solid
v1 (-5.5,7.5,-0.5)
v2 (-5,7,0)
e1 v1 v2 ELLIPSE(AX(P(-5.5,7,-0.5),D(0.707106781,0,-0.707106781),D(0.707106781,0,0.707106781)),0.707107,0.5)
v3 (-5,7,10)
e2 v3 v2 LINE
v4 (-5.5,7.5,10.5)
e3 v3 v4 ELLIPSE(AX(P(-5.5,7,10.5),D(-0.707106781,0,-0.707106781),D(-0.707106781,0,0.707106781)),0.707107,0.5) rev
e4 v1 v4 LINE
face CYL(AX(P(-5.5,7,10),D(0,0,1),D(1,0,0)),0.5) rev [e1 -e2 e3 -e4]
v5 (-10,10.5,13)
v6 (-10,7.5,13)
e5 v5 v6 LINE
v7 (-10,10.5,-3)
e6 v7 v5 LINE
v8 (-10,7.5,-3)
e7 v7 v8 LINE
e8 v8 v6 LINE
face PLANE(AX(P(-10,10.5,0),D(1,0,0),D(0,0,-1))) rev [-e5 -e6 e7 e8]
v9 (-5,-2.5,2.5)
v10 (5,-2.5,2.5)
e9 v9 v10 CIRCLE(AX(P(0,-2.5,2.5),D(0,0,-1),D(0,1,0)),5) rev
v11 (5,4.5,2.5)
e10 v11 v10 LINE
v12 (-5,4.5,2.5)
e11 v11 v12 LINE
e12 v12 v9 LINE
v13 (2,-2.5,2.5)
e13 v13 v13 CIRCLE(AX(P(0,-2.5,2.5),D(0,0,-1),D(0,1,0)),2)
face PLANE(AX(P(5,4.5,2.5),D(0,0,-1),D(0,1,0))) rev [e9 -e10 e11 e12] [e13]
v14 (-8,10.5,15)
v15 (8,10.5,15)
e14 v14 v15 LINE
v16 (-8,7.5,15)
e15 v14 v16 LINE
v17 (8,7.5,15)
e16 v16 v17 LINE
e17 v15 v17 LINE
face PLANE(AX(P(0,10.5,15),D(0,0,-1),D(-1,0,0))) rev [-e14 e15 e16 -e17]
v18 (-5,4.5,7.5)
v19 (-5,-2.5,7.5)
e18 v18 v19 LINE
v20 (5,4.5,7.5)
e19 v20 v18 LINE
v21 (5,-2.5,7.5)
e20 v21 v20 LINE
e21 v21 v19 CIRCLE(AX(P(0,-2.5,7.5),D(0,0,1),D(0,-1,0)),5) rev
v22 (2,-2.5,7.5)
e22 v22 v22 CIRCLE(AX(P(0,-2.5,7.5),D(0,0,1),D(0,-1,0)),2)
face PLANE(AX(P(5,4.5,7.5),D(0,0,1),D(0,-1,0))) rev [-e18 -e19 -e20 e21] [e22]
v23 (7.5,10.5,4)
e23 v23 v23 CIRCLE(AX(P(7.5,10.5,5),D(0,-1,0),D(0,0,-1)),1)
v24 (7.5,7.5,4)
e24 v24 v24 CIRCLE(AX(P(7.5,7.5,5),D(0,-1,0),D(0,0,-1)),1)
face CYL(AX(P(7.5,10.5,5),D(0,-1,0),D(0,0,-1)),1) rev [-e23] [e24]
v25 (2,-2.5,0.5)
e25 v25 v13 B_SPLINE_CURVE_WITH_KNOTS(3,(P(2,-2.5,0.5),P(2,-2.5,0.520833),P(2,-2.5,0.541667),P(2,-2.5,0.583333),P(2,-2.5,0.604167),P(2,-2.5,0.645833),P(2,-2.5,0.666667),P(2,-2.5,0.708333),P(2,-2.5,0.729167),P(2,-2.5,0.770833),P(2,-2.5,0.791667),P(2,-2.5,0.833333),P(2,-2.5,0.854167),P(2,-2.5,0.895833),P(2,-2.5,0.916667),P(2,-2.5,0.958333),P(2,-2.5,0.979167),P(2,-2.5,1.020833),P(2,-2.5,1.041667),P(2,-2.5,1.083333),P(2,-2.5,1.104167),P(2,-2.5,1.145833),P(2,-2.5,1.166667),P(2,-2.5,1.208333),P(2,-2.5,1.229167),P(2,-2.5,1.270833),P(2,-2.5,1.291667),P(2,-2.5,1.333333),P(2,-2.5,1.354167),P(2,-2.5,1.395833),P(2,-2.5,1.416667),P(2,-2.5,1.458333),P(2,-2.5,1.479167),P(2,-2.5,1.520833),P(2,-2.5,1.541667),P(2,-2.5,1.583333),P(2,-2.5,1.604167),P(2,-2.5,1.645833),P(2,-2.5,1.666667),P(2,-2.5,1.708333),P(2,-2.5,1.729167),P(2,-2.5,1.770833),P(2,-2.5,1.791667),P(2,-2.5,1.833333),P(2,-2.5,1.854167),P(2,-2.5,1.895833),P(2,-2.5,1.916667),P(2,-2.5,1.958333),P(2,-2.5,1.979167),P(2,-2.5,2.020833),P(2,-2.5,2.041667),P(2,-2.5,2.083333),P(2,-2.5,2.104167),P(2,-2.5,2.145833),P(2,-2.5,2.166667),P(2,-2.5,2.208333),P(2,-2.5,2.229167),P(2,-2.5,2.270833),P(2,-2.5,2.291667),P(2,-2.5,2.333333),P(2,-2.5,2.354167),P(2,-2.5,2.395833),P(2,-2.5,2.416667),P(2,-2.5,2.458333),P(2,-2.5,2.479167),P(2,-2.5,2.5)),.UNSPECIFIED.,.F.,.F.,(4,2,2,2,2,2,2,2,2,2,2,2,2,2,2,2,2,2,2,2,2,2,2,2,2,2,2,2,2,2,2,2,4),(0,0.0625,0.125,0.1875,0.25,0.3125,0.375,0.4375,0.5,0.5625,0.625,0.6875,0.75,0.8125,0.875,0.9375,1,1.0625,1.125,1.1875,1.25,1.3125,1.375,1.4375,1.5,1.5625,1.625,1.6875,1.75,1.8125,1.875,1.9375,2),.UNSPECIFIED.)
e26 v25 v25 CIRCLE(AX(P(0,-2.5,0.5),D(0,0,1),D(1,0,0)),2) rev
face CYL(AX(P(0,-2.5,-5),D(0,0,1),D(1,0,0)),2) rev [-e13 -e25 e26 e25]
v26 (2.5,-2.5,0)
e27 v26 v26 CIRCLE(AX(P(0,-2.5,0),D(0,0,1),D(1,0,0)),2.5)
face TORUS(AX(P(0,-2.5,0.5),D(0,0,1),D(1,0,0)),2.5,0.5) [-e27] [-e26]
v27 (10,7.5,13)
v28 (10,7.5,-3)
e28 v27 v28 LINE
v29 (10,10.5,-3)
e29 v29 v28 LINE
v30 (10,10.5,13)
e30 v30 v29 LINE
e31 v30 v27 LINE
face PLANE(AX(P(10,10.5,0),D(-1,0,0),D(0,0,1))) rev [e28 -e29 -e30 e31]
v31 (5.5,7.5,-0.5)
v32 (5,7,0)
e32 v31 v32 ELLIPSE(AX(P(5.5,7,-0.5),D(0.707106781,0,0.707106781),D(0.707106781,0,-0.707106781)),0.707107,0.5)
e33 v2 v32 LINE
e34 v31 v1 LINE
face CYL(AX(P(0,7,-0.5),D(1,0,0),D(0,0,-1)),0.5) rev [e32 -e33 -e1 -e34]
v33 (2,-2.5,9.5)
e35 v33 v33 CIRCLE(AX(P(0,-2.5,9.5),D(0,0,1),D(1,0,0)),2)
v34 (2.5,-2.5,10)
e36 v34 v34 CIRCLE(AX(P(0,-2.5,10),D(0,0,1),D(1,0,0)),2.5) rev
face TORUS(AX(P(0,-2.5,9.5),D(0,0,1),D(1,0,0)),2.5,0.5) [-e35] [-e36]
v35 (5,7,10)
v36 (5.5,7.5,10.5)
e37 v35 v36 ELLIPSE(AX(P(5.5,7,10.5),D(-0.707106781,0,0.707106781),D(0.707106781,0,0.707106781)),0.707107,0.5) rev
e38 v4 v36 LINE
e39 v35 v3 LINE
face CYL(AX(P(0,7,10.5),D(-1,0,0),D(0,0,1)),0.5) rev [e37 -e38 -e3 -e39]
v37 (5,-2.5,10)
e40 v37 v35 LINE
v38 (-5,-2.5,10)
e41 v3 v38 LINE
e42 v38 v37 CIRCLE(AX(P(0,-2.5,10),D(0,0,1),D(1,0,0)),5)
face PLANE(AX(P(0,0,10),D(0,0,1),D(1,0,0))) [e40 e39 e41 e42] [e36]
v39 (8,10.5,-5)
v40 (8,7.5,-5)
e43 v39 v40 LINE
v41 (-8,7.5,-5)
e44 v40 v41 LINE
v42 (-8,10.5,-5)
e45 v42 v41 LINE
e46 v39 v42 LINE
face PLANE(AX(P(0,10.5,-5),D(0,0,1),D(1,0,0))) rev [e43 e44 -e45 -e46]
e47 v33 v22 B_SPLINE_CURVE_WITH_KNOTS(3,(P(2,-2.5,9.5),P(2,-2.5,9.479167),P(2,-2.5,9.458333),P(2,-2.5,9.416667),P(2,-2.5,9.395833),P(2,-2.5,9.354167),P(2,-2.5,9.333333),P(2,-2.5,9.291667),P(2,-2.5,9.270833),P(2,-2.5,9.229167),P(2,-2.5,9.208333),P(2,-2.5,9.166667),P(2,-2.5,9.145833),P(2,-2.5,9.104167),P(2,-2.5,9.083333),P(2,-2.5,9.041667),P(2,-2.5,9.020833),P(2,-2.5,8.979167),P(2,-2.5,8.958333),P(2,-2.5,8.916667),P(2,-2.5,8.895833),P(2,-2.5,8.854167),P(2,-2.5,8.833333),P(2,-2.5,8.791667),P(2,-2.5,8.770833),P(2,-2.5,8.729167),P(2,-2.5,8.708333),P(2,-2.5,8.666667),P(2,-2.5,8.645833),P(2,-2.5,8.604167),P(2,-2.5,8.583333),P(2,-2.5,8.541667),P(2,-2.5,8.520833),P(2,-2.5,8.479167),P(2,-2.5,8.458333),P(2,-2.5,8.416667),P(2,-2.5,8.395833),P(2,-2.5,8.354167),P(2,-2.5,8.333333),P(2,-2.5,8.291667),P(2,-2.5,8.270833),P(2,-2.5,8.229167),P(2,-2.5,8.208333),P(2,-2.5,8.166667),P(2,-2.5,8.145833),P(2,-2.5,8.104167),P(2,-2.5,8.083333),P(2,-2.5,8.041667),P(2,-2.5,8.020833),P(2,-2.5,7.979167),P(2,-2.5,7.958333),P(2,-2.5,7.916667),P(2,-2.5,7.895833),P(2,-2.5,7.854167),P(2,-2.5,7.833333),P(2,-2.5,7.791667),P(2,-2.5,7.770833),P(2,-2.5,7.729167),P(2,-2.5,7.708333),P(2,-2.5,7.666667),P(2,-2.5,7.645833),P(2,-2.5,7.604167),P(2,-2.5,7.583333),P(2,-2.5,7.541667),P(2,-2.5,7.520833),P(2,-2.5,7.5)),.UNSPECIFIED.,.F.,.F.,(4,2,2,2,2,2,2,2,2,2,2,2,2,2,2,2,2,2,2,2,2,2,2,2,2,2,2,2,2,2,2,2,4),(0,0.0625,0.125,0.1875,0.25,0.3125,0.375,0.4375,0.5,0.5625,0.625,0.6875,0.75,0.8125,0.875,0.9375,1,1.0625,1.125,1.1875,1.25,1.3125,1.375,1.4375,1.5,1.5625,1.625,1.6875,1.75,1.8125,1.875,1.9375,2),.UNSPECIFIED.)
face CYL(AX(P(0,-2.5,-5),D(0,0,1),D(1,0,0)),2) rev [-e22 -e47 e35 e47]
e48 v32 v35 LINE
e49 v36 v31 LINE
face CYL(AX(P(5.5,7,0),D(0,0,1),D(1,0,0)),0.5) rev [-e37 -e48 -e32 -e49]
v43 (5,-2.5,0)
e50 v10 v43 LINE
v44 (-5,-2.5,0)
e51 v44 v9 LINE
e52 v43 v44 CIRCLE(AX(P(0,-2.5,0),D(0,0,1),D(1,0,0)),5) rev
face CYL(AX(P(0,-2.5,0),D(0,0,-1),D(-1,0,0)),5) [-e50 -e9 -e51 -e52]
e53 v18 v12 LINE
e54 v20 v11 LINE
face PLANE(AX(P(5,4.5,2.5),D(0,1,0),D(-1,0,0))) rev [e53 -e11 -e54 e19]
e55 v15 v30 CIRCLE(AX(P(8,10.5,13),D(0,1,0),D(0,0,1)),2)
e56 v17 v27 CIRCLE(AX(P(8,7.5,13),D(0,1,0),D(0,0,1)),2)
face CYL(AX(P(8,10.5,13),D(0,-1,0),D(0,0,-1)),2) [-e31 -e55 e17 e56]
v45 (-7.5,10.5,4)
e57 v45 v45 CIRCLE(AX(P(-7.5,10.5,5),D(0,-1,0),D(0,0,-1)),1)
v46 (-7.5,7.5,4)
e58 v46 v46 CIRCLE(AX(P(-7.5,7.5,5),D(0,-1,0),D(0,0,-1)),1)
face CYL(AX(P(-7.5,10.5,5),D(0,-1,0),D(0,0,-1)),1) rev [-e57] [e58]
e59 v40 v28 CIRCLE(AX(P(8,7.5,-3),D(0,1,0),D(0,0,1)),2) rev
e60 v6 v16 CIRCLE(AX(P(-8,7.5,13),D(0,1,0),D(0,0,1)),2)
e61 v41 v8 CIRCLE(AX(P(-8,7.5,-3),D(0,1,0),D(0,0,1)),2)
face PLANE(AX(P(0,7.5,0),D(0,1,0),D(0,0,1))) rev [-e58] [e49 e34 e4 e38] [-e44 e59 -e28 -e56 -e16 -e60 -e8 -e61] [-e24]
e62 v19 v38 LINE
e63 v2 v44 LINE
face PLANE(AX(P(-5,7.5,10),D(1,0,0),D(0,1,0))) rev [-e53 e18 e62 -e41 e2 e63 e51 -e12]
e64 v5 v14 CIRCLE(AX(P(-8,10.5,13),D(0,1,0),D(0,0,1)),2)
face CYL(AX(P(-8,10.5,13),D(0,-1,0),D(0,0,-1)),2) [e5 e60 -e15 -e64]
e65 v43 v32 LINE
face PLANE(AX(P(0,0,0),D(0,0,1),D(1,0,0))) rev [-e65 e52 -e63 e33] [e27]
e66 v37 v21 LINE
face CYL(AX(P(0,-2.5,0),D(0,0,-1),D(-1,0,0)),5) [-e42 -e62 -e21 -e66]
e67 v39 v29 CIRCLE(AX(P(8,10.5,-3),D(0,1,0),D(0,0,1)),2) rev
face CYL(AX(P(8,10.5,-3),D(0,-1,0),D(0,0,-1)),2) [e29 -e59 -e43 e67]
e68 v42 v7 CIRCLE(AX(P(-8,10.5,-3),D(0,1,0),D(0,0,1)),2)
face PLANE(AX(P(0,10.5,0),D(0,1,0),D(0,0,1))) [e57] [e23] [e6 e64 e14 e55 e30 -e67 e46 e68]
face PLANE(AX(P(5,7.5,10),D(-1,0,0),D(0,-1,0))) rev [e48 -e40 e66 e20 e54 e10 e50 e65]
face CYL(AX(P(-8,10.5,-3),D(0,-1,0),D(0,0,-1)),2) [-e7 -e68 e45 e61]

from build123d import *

# Parameters (mm, degrees)
ESQUISSE1_W             = 10
ESQUISSE1_H             = 15
BOSS_EXTRU_1_DEPTH      = 10
CONG_1_RADIUS           = 5
CONG_1_LENGTH           = 10
ESQUISSE3_W             = 5
ESQUISSE3_H             = 12
ENL_V_MAT_EXTRU_1_DEPTH = 10
ESQUISSE4_W             = 10
ESQUISSE4_H             = 10
BOSS_EXTRU_2_DEPTH      = 3
ESQUISSE5_R             = 1
ENL_V_MAT_EXTRU_2_DEPTH = 3
ESQUISSE6_R             = 2
ENL_V_MAT_EXTRU_3_DEPTH = 21.862646045
CONG_2_R                = 0.5
CONG_3_R                = 0.5


with BuildPart() as part:
    # Esquisse1 → Boss.-Extru.1 (new body)
    with BuildSketch(Plane.XY):
        Rectangle(ESQUISSE1_W, ESQUISSE1_H)
    extrude(amount=BOSS_EXTRU_1_DEPTH)

    # Congé1: full round fillet: the end face becomes a half cylinder, R = half its width
    cong_1_face = Plane((0, -7.5, 5), x_dir=(0, 0, 1), z_dir=(0, -1, 0))  # on the end face: x along it, z out of the body
    cong_1_slab = cong_1_face.offset(-CONG_1_RADIUS / 2) * Box(CONG_1_LENGTH, 2 * CONG_1_RADIUS, CONG_1_RADIUS, mode=Mode.PRIVATE)  # the body's end, R deep
    cong_1_round = Plane((0, -2.5, 5), x_dir=(0, -1, 0), z_dir=(0, 0, 1)) * Cylinder(CONG_1_RADIUS, CONG_1_LENGTH, mode=Mode.PRIVATE)  # its axis R under the face
    add(cong_1_slab - cong_1_round, mode=Mode.SUBTRACT)

    # Esquisse3 → Enlèv. mat.-Extru.1 (cut)
    with BuildSketch(Plane.ZY.offset(5)):
        with Locations((5, -1.5)):
            Rectangle(ESQUISSE3_W, ESQUISSE3_H)
    extrude(amount=-ENL_V_MAT_EXTRU_1_DEPTH, mode=Mode.SUBTRACT)

    # Esquisse4 → Boss.-Extru.2 (add)
    # profile 1 of 2: a face of its own
    with BuildSketch(Plane(origin=(0, 7.5, 0), x_dir=(1, 0, 0), z_dir=(0, 1, 0))):
        with BuildLine():
            Line((8, 5), (-8, 5))
            ThreePointArc((-8, 5), (-9.414213562, 4.414213562), (-10, 3))
            Line((-10, 3), (-10, -13))
            ThreePointArc((-10, -13), (-9.414213562, -14.414213562), (-8, -15))
            Line((-8, -15), (8, -15))
            ThreePointArc((8, -15), (9.414213562, -14.414213562), (10, -13))
            Line((10, -13), (10, 3))
            ThreePointArc((10, 3), (9.414213562, 4.414213562), (8, 5))
        make_face()
        with Locations((0, -5)):
            Rectangle(ESQUISSE4_W, ESQUISSE4_H, mode=Mode.SUBTRACT)
    # profile 2 of 2: a face of its own
    with BuildSketch(Plane(origin=(0, 7.5, 0), x_dir=(1, 0, 0), z_dir=(0, 1, 0))):
        with Locations((0, -5)):
            Rectangle(ESQUISSE4_W, ESQUISSE4_H)
    extrude(amount=BOSS_EXTRU_2_DEPTH)

    # Esquisse5 → Enlèv. mat.-Extru.2 (cut)
    with BuildSketch(Plane.XZ.offset(-7.5)):
        with Locations(Location((-7.5, 5, 0), (0, 0, 270))):
            Circle(ESQUISSE5_R)
        with Locations(Location((7.5, 5, 0), (0, 0, 270))):
            Circle(ESQUISSE5_R)
    extrude(amount=-ENL_V_MAT_EXTRU_2_DEPTH, mode=Mode.SUBTRACT)

    # Esquisse6 → Enlèv. mat.-Extru.3 (cut, through all)
    with BuildSketch(Plane.XY.offset(10)):
        with Locations((0, -2.5)):
            Circle(ESQUISSE6_R)
    extrude(amount=-ENL_V_MAT_EXTRU_3_DEPTH, mode=Mode.SUBTRACT)

    # Congé2
    cong_2_edges = [part.edges().sort_by_distance(p)[0] for p in [
        (-2, -2.5, 0),
        (-2, -2.5, 10),
    ]]
    fillet(cong_2_edges, radius=CONG_2_R)

    # Congé3
    cong_3_edges = [part.edges().sort_by_distance(p)[0] for p in [
        (0, 7.5, 0),
        (-5, 7.5, 5),
        (5, 7.5, 5),
        (0, 7.5, 10),
    ]]
    fillet(cong_3_edges, radius=CONG_3_R)


solid = part.part
